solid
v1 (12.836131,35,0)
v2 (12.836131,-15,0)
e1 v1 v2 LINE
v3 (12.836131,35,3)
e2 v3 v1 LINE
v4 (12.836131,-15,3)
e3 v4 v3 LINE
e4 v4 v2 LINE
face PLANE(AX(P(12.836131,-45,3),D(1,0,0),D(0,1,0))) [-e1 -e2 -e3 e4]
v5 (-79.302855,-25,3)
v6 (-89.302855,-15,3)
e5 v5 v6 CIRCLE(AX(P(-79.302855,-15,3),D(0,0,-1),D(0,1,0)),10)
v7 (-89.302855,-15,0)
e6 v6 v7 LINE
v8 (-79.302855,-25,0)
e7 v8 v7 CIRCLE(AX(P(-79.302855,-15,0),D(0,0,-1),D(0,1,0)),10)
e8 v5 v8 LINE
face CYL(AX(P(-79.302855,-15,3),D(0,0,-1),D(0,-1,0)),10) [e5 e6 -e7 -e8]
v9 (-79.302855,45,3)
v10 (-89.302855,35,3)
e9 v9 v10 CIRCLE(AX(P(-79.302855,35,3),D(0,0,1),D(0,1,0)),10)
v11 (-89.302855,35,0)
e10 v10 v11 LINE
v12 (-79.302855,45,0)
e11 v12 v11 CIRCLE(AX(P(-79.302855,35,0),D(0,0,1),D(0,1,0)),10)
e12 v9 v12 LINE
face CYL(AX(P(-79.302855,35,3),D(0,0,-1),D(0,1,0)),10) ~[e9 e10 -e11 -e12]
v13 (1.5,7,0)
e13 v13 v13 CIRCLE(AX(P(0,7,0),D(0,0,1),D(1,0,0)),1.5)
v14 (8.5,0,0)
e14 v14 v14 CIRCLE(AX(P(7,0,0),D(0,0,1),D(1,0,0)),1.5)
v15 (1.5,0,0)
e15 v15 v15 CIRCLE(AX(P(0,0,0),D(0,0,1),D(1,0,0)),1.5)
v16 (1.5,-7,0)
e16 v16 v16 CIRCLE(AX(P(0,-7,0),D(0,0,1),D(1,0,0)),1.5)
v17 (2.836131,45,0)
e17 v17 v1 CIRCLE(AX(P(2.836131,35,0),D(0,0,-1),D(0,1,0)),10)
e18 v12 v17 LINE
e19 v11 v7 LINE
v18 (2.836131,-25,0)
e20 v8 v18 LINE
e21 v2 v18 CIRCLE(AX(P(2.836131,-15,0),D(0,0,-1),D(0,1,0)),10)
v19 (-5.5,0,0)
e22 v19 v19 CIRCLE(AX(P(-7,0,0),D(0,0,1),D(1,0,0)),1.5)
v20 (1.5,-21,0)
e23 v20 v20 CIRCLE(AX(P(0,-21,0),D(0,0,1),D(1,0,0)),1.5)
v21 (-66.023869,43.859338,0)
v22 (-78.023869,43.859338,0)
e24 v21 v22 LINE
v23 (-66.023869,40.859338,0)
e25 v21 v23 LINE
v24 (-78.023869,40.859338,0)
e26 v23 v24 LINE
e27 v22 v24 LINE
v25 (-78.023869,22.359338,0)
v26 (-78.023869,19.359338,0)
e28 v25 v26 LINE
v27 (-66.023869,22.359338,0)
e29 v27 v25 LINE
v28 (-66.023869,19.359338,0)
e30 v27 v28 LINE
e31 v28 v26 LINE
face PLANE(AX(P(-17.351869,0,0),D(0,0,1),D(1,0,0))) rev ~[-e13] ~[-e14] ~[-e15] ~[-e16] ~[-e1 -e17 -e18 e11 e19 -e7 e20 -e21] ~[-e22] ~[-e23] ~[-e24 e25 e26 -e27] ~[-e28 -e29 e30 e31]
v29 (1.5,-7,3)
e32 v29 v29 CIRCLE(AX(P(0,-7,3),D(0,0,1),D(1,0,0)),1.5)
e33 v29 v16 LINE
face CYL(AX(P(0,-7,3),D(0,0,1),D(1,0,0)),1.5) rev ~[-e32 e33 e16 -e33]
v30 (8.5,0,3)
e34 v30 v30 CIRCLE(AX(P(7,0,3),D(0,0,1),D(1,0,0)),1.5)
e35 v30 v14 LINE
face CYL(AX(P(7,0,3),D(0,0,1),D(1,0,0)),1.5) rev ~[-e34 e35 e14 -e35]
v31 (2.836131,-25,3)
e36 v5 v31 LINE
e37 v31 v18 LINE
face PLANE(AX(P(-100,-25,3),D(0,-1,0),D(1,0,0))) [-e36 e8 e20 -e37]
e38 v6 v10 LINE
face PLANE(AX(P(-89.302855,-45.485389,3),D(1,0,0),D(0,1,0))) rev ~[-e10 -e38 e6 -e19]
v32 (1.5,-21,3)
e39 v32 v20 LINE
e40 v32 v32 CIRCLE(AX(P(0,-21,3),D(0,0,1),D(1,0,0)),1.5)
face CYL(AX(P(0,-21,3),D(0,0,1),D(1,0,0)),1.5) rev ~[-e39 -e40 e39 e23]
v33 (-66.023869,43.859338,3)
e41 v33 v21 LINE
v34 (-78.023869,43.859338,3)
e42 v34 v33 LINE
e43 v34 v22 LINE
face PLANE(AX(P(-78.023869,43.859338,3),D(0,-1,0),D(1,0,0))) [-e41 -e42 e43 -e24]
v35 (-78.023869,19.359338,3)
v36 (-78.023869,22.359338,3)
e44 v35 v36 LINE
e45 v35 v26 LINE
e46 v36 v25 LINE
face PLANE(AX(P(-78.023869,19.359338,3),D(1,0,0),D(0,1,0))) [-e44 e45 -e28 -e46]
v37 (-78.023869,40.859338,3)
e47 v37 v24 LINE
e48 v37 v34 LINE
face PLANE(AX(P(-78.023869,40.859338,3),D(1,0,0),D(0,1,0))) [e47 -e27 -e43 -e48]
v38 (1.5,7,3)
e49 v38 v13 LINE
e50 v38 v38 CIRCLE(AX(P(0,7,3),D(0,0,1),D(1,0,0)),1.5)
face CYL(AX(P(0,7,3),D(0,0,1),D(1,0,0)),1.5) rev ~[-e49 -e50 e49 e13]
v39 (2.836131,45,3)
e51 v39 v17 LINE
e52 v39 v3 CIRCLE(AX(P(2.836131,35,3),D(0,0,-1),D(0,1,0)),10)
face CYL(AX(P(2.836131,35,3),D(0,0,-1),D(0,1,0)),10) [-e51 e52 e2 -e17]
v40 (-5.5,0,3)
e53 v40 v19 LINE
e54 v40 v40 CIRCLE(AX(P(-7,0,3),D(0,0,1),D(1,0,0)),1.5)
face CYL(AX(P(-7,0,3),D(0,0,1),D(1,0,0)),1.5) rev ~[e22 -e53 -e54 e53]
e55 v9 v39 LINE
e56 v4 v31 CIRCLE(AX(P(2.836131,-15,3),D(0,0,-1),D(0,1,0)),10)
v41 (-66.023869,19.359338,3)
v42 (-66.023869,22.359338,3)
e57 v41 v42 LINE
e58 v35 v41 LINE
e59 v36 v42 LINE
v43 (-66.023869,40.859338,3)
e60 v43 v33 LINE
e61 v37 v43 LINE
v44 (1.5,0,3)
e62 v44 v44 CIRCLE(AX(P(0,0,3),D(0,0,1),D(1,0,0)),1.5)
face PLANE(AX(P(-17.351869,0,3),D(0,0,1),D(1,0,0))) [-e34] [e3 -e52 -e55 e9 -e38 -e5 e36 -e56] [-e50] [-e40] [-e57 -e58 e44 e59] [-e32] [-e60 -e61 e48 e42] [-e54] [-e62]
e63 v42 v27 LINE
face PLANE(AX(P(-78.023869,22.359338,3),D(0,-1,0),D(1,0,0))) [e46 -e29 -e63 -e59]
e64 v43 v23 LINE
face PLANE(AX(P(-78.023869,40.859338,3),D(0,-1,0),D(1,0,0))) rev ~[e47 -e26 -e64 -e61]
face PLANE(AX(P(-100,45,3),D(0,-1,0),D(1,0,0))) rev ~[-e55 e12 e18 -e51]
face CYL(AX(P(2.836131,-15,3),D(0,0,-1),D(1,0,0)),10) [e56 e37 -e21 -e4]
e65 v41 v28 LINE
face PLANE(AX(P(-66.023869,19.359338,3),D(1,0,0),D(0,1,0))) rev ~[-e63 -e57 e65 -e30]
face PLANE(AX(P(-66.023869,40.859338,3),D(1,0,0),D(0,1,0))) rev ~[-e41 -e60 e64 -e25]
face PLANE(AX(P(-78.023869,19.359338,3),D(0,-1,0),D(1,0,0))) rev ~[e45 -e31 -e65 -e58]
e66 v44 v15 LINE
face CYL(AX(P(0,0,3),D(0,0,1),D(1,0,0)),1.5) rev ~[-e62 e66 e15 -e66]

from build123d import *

# Parameters (mm, degrees)
BOSS_EXTRUDE1_DEPTH = 3
SKETCH3_OUTSIDE_W   = 181.071
SKETCH3_OUTSIDE_H   = 249.846
SKETCH3_OUTSIDE_W_2 = 131.224989992
SKETCH3_OUTSIDE_H_2 = 70
CUT_EXTRUDE2_DEPTH  = 10
CUT_EXTRUDE3_REACH  = 111.7
SKETCH4_R           = 1.5
CUT_EXTRUDE4_REACH  = 111.7
SKETCH5_W           = 48.153954936
SKETCH5_H           = 90
CUT_EXTRUDE5_REACH  = 111.7
SKETCH6_W           = 16.692706212
SKETCH6_H           = 90.485388772
FILLET1_R           = 10
CUT_EXTRUDE6_REACH  = 102.045
SKETCH8_W           = 12
SKETCH8_H           = 3


with BuildPart() as part:
    # Sketch1 → Boss-Extrude1 (new body)
    with BuildSketch(Plane.XY):
        with BuildLine():
            Line((31.224989992, -95), (31.224989992, 95))
            ThreePointArc((31.224989992, 95), (-100, 0), (31.224989992, -95))
        make_face()
    extrude(amount=BOSS_EXTRUDE1_DEPTH)

    # Sketch3 outside → Cut-Extrude2 (cut)
    with BuildSketch(Plane.XY.offset(3)):
        with Locations((-34.3875, 0)):
            Rectangle(SKETCH3_OUTSIDE_W, SKETCH3_OUTSIDE_H)
        with Locations((-34.387505004, 10)):
            Rectangle(SKETCH3_OUTSIDE_W_2, SKETCH3_OUTSIDE_H_2, mode=Mode.SUBTRACT)
    extrude(amount=-CUT_EXTRUDE2_DEPTH, mode=Mode.SUBTRACT)

    # Sketch4 → Cut-Extrude3 (cut, up to next)
    with BuildSketch(Plane.XY.offset(3), mode=Mode.PRIVATE) as cut_extrude3_sk1:
        with Locations((0, 7)):
            Circle(SKETCH4_R)
    cut_extrude3_tool1 = extrude(cut_extrude3_sk1.sketch, amount=-CUT_EXTRUDE3_REACH, mode=Mode.PRIVATE) & part.part
    # Sketch4 → Cut-Extrude3 (cut, up to next)
    with BuildSketch(Plane.XY.offset(3), mode=Mode.PRIVATE) as cut_extrude3_sk2:
        with Locations((0, -7)):
            Circle(SKETCH4_R)
    cut_extrude3_tool2 = extrude(cut_extrude3_sk2.sketch, amount=-CUT_EXTRUDE3_REACH, mode=Mode.PRIVATE) & part.part
    # Sketch4 → Cut-Extrude3 (cut, up to next)
    with BuildSketch(Plane.XY.offset(3), mode=Mode.PRIVATE) as cut_extrude3_sk3:
        with Locations((7, 0)):
            Circle(SKETCH4_R)
    cut_extrude3_tool3 = extrude(cut_extrude3_sk3.sketch, amount=-CUT_EXTRUDE3_REACH, mode=Mode.PRIVATE) & part.part
    # Sketch4 → Cut-Extrude3 (cut, up to next)
    with BuildSketch(Plane.XY.offset(3), mode=Mode.PRIVATE) as cut_extrude3_sk4:
        with Locations((-7, 0)):
            Circle(SKETCH4_R)
    cut_extrude3_tool4 = extrude(cut_extrude3_sk4.sketch, amount=-CUT_EXTRUDE3_REACH, mode=Mode.PRIVATE) & part.part
    # Sketch4 → Cut-Extrude3 (cut, up to next)
    with BuildSketch(Plane.XY.offset(3), mode=Mode.PRIVATE) as cut_extrude3_sk5:
        Circle(SKETCH4_R)
    cut_extrude3_tool5 = extrude(cut_extrude3_sk5.sketch, amount=-CUT_EXTRUDE3_REACH, mode=Mode.PRIVATE) & part.part
    # Sketch4 → Cut-Extrude3 (cut, up to next)
    with BuildSketch(Plane.XY.offset(3), mode=Mode.PRIVATE) as cut_extrude3_sk6:
        with Locations((0, -21)):
            Circle(SKETCH4_R)
    cut_extrude3_tool6 = extrude(cut_extrude3_sk6.sketch, amount=-CUT_EXTRUDE3_REACH, mode=Mode.PRIVATE) & part.part
    add(cut_extrude3_tool1.solids().sort_by_distance((0, 7, 3))[0], mode=Mode.SUBTRACT)
    add(cut_extrude3_tool2.solids().sort_by_distance((0, -7, 3))[0], mode=Mode.SUBTRACT)
    add(cut_extrude3_tool3.solids().sort_by_distance((7, 0, 3))[0], mode=Mode.SUBTRACT)
    add(cut_extrude3_tool4.solids().sort_by_distance((-7, 0, 3))[0], mode=Mode.SUBTRACT)
    add(cut_extrude3_tool5.solids().sort_by_distance((0, 0, 3))[0], mode=Mode.SUBTRACT)
    add(cut_extrude3_tool6.solids().sort_by_distance((0, -21, 3))[0], mode=Mode.SUBTRACT)

    # Sketch5 → Cut-Extrude4 (cut, up to next)
    with BuildSketch(Plane.XY.offset(3), mode=Mode.PRIVATE) as cut_extrude4_sk1:
        with Locations((36.913108842, 0)):
            Rectangle(SKETCH5_W, SKETCH5_H)
    cut_extrude4_tool1 = extrude(cut_extrude4_sk1.sketch, amount=-CUT_EXTRUDE4_REACH, mode=Mode.PRIVATE) & part.part
    add(cut_extrude4_tool1.solids().sort_by_distance((36.913109, 0, 3))[0], mode=Mode.SUBTRACT)

    # Sketch6 → Cut-Extrude5 (cut, up to next)
    with BuildSketch(Plane.XY.offset(3), mode=Mode.PRIVATE) as cut_extrude5_sk1:
        with Locations((-97.649208603, -0.242694386)):
            Rectangle(SKETCH6_W, SKETCH6_H)
    cut_extrude5_tool1 = extrude(cut_extrude5_sk1.sketch, amount=-CUT_EXTRUDE5_REACH, mode=Mode.PRIVATE) & part.part
    add(cut_extrude5_tool1.solids().sort_by_distance((-97.649209, -0.242694, 3))[0], mode=Mode.SUBTRACT)

    # Fillet1
    fillet1_edges = [part.edges().sort_by_distance(p)[0] for p in [
        (-89.302855497, 45, 1.5),
        (12.836131374, -25, 1.5),
        (12.836131374, 45, 1.5),
        (-89.302855497, -25, 1.5),
    ]]
    fillet(fillet1_edges, radius=FILLET1_R)

    # Sketch8 → Cut-Extrude6 (cut, up to next)
    with BuildSketch(Plane.XY.offset(3), mode=Mode.PRIVATE) as cut_extrude6_sk1:
        with Locations((-72.023868626, 42.359338222)):
            Rectangle(SKETCH8_W, SKETCH8_H)
    cut_extrude6_tool1 = extrude(cut_extrude6_sk1.sketch, amount=-CUT_EXTRUDE6_REACH, mode=Mode.PRIVATE) & part.part
    # Sketch8 → Cut-Extrude6 (cut, up to next)
    with BuildSketch(Plane.XY.offset(3), mode=Mode.PRIVATE) as cut_extrude6_sk2:
        with Locations((-72.023868626, 20.859338222)):
            Rectangle(SKETCH8_W, SKETCH8_H)
    cut_extrude6_tool2 = extrude(cut_extrude6_sk2.sketch, amount=-CUT_EXTRUDE6_REACH, mode=Mode.PRIVATE) & part.part
    add(cut_extrude6_tool1.solids().sort_by_distance((-72.023869, 42.359338, 3))[0], mode=Mode.SUBTRACT)
    add(cut_extrude6_tool2.solids().sort_by_distance((-72.023869, 20.859338, 3))[0], mode=Mode.SUBTRACT)


solid = part.part
